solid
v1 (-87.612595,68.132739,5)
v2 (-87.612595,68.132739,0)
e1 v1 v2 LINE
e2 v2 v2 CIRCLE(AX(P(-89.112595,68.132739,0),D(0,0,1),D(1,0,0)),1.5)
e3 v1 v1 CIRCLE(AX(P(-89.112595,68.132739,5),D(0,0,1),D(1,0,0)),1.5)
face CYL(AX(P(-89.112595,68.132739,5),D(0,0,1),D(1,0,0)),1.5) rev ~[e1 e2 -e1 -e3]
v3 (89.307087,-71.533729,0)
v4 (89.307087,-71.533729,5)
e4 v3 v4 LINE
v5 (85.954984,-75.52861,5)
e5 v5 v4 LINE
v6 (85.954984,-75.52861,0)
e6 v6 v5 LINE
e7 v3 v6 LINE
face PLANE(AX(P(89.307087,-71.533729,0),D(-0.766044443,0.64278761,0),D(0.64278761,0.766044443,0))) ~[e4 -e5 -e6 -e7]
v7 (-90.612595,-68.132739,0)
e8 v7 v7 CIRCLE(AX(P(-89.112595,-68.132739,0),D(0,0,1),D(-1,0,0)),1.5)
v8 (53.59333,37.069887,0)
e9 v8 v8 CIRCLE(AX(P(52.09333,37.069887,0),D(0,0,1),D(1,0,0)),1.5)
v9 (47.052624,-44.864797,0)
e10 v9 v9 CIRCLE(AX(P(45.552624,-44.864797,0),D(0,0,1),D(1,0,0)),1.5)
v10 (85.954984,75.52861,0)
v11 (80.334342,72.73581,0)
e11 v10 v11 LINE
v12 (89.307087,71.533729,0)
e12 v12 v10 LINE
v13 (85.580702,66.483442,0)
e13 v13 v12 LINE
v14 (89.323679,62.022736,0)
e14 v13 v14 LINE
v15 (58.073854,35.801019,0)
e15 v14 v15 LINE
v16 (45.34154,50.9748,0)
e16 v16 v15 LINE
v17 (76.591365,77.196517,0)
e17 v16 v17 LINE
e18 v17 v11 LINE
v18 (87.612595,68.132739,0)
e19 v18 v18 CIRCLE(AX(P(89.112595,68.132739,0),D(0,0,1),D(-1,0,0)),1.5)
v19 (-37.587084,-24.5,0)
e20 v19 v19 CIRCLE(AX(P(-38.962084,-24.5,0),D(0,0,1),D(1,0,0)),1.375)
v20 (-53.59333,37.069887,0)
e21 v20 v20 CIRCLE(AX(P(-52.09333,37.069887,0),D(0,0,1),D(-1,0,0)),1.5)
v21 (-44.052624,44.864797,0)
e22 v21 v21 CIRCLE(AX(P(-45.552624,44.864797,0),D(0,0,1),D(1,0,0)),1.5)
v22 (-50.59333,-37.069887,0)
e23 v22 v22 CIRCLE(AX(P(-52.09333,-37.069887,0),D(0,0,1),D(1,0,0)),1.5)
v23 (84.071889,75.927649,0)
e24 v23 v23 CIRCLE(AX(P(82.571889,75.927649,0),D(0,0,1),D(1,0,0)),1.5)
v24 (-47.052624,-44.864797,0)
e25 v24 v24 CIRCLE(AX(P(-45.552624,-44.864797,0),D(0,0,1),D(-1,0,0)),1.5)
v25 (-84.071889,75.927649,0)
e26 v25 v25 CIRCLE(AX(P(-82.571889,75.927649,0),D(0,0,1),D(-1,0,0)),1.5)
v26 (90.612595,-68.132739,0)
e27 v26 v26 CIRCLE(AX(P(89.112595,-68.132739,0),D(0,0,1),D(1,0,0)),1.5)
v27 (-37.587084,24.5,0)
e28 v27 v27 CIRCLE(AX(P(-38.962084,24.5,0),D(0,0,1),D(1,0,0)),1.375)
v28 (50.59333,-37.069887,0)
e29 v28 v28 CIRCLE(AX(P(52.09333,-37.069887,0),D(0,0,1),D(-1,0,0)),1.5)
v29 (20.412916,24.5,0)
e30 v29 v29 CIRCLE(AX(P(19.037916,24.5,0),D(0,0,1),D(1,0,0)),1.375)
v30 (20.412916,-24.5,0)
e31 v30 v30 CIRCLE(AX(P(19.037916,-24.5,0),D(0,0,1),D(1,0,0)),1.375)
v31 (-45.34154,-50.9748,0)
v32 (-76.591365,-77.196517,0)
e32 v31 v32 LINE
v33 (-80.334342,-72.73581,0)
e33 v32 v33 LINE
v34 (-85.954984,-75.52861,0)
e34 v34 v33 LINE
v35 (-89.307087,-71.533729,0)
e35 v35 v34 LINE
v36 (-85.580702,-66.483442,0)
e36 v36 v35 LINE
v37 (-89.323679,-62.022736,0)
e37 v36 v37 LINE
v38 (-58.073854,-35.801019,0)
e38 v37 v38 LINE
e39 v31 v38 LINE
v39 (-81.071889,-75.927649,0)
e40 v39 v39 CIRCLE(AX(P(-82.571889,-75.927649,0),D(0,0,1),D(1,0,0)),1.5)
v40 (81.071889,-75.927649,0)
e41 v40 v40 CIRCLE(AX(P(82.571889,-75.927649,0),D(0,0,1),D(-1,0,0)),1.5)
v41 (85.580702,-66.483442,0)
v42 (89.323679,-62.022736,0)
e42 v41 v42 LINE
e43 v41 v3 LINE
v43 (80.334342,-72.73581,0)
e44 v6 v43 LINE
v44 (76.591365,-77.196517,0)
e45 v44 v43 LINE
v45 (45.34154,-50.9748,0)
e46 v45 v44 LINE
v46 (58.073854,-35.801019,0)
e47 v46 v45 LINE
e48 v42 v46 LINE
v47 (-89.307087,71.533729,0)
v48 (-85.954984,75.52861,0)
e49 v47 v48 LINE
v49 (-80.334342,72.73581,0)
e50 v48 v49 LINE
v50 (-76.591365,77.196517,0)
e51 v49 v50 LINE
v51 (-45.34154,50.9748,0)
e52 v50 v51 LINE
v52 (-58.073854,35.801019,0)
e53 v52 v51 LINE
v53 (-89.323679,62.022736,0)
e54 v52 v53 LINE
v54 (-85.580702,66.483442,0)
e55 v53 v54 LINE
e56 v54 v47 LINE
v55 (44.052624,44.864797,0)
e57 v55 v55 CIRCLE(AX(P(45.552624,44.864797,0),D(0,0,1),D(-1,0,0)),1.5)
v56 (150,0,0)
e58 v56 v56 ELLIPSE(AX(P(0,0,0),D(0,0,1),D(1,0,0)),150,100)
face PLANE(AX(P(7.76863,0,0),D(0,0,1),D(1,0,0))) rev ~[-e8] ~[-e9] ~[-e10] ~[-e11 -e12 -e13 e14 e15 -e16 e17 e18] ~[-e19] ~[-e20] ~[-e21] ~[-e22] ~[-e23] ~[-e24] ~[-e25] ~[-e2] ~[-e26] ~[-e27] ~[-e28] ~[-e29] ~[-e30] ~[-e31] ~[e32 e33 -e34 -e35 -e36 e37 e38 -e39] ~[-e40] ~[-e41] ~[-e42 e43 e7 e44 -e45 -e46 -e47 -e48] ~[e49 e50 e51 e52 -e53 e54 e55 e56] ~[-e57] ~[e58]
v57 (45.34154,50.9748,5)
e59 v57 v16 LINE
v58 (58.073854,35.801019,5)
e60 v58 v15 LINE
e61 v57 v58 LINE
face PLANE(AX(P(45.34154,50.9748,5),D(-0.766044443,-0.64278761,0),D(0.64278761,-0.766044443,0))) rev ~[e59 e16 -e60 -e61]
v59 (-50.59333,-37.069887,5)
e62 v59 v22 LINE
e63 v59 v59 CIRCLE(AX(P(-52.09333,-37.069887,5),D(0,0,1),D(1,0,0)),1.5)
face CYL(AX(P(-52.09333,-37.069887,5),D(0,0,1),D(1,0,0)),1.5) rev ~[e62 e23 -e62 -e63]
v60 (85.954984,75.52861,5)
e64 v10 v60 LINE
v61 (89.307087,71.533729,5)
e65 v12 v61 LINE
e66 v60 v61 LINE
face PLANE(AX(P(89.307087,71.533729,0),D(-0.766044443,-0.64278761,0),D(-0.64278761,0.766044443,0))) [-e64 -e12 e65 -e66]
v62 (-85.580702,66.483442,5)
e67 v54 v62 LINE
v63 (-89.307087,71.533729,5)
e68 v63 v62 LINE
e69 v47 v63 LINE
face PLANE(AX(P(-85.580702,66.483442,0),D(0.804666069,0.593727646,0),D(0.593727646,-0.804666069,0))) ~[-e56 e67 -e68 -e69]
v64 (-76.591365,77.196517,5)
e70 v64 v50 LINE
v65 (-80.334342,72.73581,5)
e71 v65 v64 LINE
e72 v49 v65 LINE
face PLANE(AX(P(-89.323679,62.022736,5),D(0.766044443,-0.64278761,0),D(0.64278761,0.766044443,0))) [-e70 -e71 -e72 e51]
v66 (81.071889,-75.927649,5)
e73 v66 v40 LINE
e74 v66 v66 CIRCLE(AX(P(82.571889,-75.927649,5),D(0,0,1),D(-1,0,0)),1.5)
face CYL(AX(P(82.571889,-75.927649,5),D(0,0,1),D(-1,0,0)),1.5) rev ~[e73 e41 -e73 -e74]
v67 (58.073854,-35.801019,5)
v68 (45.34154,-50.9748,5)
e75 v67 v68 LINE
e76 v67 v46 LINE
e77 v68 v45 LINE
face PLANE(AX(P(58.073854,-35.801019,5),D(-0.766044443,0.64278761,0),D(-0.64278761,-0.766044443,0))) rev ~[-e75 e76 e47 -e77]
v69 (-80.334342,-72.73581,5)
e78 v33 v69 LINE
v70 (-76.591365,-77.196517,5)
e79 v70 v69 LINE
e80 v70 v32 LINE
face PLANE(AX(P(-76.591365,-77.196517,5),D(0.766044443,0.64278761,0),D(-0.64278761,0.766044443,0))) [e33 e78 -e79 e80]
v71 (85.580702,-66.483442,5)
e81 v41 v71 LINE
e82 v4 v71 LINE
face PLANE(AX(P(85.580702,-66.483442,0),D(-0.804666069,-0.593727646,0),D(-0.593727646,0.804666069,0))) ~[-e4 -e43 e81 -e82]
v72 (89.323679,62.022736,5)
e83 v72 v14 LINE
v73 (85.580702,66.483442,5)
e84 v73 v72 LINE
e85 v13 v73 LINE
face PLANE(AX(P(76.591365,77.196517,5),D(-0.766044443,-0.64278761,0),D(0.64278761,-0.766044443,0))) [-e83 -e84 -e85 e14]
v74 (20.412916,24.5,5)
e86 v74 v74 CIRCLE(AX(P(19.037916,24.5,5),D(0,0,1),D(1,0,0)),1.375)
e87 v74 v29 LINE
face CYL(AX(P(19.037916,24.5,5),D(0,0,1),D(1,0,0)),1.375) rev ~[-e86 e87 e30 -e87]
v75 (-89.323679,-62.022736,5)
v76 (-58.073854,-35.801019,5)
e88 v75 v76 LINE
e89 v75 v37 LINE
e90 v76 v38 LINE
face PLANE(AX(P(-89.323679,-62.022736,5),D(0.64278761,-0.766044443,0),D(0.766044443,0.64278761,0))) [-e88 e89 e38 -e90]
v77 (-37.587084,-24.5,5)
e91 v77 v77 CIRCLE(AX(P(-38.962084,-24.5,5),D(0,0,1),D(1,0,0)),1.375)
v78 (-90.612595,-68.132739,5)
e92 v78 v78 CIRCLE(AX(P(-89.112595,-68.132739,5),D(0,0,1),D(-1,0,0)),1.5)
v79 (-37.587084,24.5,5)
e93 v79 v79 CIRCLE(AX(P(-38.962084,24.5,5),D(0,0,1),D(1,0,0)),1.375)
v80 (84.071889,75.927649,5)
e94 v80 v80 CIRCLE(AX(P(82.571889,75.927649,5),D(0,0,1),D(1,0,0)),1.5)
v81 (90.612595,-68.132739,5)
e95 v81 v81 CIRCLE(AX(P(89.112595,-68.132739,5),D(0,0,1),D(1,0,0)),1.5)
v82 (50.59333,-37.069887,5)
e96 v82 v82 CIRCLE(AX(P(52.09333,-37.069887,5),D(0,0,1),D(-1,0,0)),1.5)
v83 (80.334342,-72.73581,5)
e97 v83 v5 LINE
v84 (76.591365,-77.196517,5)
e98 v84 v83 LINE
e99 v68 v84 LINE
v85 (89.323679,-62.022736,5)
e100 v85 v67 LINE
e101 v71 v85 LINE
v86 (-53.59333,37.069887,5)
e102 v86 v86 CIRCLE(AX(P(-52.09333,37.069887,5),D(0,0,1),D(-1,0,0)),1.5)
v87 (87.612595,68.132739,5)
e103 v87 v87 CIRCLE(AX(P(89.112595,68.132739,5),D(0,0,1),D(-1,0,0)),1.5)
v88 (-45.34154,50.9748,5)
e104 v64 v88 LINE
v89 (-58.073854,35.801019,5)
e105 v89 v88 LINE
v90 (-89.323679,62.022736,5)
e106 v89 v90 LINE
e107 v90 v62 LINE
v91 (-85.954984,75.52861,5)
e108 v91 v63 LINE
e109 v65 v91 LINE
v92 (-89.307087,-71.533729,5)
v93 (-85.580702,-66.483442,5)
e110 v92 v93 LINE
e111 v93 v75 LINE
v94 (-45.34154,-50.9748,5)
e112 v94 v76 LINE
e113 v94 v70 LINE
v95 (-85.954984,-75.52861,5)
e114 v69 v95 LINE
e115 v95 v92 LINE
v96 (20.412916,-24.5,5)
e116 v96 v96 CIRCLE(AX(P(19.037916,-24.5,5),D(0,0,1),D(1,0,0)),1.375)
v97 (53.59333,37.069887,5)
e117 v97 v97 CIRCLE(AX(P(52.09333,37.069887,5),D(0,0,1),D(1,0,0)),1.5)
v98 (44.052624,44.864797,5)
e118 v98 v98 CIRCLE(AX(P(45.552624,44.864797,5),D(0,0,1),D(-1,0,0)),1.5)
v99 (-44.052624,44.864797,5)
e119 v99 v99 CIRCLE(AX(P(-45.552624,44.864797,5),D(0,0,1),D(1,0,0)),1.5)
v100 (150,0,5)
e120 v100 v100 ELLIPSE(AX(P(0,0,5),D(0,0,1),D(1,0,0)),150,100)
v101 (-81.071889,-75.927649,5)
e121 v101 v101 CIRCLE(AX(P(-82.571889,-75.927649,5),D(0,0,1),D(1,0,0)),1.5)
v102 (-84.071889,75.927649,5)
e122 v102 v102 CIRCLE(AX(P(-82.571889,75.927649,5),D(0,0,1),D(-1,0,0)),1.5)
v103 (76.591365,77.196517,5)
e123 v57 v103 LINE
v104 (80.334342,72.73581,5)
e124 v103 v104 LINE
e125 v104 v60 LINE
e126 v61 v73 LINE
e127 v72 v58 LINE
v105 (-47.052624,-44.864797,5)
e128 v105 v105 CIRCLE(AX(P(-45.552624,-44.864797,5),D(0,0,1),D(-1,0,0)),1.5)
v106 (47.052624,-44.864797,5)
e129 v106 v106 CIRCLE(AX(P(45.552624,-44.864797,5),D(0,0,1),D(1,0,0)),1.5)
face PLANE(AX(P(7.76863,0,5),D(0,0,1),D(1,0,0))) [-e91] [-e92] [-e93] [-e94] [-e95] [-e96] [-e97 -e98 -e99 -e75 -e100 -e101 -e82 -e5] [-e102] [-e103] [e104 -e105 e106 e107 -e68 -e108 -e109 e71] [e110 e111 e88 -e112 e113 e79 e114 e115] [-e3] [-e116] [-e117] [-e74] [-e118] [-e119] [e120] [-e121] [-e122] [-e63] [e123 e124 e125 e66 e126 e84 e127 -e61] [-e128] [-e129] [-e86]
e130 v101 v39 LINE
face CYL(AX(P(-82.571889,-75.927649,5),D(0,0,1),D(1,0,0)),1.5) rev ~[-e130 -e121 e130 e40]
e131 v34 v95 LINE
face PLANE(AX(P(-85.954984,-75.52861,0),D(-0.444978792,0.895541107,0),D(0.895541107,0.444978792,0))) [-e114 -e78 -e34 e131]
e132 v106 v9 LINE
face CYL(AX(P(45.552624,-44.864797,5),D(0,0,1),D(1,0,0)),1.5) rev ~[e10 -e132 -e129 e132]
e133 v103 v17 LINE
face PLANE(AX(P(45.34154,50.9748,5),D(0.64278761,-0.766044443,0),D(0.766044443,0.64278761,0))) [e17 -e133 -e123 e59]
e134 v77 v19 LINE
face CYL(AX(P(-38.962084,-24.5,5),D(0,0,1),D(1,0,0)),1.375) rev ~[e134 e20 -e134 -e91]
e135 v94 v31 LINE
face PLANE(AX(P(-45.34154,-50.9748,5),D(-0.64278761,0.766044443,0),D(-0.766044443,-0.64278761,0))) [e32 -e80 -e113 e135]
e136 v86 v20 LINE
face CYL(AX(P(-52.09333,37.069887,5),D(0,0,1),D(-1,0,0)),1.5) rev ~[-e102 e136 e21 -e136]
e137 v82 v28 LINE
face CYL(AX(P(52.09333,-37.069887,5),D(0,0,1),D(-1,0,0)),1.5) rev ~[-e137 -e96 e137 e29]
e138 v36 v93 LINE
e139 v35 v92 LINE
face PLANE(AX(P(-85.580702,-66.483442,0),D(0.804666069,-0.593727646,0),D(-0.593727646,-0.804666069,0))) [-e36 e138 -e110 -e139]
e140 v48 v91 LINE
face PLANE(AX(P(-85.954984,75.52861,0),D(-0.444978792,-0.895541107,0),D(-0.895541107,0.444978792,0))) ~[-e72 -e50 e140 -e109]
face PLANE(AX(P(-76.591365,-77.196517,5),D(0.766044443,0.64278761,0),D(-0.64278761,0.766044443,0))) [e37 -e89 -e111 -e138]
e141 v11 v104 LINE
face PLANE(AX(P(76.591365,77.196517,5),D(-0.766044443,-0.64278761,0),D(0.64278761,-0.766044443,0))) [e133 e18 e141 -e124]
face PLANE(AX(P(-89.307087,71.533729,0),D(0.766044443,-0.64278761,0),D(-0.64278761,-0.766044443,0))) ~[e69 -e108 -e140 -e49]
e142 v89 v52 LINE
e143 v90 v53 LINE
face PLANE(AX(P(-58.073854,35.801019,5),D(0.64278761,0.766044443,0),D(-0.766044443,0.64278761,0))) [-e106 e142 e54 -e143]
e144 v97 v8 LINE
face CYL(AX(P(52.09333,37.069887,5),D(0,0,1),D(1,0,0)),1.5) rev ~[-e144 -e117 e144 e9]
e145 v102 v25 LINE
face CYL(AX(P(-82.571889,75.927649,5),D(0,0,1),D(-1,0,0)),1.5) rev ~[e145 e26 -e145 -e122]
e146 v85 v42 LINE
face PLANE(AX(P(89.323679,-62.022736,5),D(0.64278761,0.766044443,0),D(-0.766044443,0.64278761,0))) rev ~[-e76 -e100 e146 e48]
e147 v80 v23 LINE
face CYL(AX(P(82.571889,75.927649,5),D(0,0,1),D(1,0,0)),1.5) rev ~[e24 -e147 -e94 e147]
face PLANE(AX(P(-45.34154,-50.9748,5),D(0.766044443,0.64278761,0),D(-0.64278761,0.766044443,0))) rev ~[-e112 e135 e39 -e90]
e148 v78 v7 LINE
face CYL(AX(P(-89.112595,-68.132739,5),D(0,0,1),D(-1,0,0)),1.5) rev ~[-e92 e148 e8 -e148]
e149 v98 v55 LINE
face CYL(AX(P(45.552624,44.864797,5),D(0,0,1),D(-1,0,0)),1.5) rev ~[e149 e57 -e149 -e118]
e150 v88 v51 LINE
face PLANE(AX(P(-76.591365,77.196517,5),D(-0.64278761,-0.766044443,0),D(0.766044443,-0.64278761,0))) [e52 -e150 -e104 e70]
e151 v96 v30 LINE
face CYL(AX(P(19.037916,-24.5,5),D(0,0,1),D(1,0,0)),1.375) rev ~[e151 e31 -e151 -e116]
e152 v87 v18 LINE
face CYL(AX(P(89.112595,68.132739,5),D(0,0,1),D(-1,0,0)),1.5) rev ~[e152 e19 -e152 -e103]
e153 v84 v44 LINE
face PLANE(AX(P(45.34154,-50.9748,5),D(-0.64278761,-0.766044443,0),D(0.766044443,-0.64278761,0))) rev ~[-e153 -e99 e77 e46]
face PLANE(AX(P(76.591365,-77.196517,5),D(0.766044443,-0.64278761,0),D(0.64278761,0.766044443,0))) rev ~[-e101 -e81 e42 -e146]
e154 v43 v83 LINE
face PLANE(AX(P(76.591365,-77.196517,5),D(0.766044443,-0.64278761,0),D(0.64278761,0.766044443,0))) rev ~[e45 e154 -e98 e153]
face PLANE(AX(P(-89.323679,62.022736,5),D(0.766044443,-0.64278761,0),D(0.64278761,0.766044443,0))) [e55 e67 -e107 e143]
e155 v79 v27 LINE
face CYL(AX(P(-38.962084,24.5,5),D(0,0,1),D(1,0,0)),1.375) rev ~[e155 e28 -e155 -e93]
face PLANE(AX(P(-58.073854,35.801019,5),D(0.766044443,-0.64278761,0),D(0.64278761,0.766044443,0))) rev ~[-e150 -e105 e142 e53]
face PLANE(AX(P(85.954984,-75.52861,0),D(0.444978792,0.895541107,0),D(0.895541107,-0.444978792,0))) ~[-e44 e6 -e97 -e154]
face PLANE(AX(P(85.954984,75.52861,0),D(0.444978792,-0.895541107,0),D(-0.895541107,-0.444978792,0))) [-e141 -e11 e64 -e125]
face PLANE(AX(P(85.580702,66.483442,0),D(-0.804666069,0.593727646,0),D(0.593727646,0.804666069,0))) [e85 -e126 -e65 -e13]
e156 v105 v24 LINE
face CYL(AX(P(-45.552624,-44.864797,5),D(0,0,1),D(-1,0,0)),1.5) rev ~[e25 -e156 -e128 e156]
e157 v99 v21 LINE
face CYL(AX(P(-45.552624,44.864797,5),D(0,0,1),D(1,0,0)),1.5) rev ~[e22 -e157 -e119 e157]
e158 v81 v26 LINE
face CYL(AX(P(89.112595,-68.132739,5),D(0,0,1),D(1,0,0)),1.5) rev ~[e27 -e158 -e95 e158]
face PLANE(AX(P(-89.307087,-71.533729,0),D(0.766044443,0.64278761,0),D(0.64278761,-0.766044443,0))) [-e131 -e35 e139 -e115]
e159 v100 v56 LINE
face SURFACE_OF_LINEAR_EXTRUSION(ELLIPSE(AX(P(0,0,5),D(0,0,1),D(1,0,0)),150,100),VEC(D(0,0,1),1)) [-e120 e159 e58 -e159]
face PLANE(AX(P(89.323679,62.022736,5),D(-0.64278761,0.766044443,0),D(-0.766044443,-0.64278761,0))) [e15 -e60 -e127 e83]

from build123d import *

# Parameters (mm, degrees)
SKETCH1_RX           = 150
SKETCH1_RY           = 100
BOSS_EXTRUDE1_DEPTH  = 5
CUT_EXTRUDE2_DEPTH   = 181.346887969
SKETCH19_R           = 1.5
CUT_EXTRUDE3_DEPTH   = 181.346887969
CUT_EXTRUDE4_DEPTH   = 181.346887969
MIRROR2_COPY_1_DEPTH = 181.346887969
SKETCH22_R           = 1.375
CUT_EXTRUDE5_DEPTH   = 181.346887969


with BuildPart() as part:
    # Sketch1 → Boss-Extrude1 (new body)
    with BuildSketch(Plane.XY.offset(5)):
        with Locations(Location((0, 0), (0, 0, 0))):
            Ellipse(SKETCH1_RX, SKETCH1_RY)
    extrude(amount=-BOSS_EXTRUDE1_DEPTH)

    # Sketch18 → Cut-Extrude2 (cut, through all)
    with BuildSketch(Plane.XY.offset(5)):
        Polygon((-89.323679082, -62.022736108), (-58.07385358, -35.801019055), (-51.707696778, -43.387909295), (-45.341539976, -50.974799535), (-76.591365477, -77.196516588), align=None)
        Polygon((-89.323679082, 62.022736108), (-76.591365477, 77.196516588), (-45.341539976, 50.974799535), (-51.707696778, 43.387909295), (-58.07385358, 35.801019055), align=None)
        Polygon((51.707696778, -43.387909295), (45.341539976, -50.974799535), (76.591365477, -77.196516588), (89.323679082, -62.022736108), (58.07385358, -35.801019055), align=None)
        Polygon((58.07385358, 35.801019055), (51.707696778, 43.387909295), (45.341539976, 50.974799535), (76.591365477, 77.196516588), (89.323679082, 62.022736108), align=None)
    extrude(amount=-CUT_EXTRUDE2_DEPTH, mode=Mode.SUBTRACT)

    # Sketch19 → Cut-Extrude3 (cut, through all)
    with BuildSketch(Plane.XY.offset(5)):
        with Locations((-52.093329986, -37.069886693)):
            Circle(SKETCH19_R)
        with Locations(Location((-45.552623639, -44.86479698, 0), (0, 0, 180))):
            Circle(SKETCH19_R)
        with Locations((-82.571889071, -75.927648951)):
            Circle(SKETCH19_R)
        with Locations(Location((-89.112595418, -68.132738663, 0), (0, 0, 180))):
            Circle(SKETCH19_R)
        with Locations((-89.112595418, 68.132738663)):
            Circle(SKETCH19_R)
        with Locations(Location((-82.571889071, 75.927648951, 0), (0, 0, 180))):
            Circle(SKETCH19_R)
        with Locations((-45.552623639, 44.86479698)):
            Circle(SKETCH19_R)
        with Locations(Location((-52.093329986, 37.069886693, 0), (0, 0, 180))):
            Circle(SKETCH19_R)
        with Locations((52.093329986, 37.069886693)):
            Circle(SKETCH19_R)
        with Locations(Location((45.552623639, 44.86479698, 0), (0, 0, 180))):
            Circle(SKETCH19_R)
        with Locations((82.571889071, 75.927648951)):
            Circle(SKETCH19_R)
        with Locations(Location((89.112595418, 68.132738663, 0), (0, 0, 180))):
            Circle(SKETCH19_R)
        with Locations((89.112595418, -68.132738663)):
            Circle(SKETCH19_R)
        with Locations(Location((82.571889071, -75.927648951, 0), (0, 0, 180))):
            Circle(SKETCH19_R)
        with Locations((45.552623639, -44.86479698)):
            Circle(SKETCH19_R)
        with Locations(Location((52.093329986, -37.069886693, 0), (0, 0, 180))):
            Circle(SKETCH19_R)
    extrude(amount=-CUT_EXTRUDE3_DEPTH, mode=Mode.SUBTRACT)

    # Sketch21 → Cut-Extrude4 (cut, through all)
    with BuildSketch(Plane(origin=(0, 0, 0), x_dir=(-1, 0, 0), z_dir=(0, 0, -1))):
        Polygon((85.580702241, -66.483442205), (89.307086593, -71.533729271), (85.954984028, -75.528609546), (80.334342318, -72.735810491), align=None)
    cut_extrude4 = extrude(amount=-CUT_EXTRUDE4_DEPTH, mode=Mode.SUBTRACT)

    # Mirror1: Cut-Extrude4 across plane
    add(cut_extrude4.mirror(Plane.ZX), mode=Mode.SUBTRACT)

    # Mirror2: Cut-Extrude4 across plane
    add(cut_extrude4.mirror(Plane(origin=(0, 0, 0), x_dir=(0, 0, 1), z_dir=(1, 0, 0))), mode=Mode.SUBTRACT)

    # Mirror2 copy 1 sketch → Mirror2 copy 1 (cut, through all)
    with BuildSketch(Plane(origin=(0, 0, 0), x_dir=(1, 0, 0), z_dir=(0, 0, -1))):
        Polygon((85.580702241, -66.483442205), (89.307086593, -71.533729271), (85.954984028, -75.528609546), (80.334342318, -72.735810491), align=None)
    extrude(amount=-MIRROR2_COPY_1_DEPTH, mode=Mode.SUBTRACT)

    # Sketch22 → Cut-Extrude5 (cut, through all)
    with BuildSketch(Plane.XY.offset(5)):
        with Locations((-38.962083673, -24.5)):
            Circle(SKETCH22_R)
        with Locations((19.037916327, -24.5)):
            Circle(SKETCH22_R)
        with Locations((19.037916327, 24.5)):
            Circle(SKETCH22_R)
        with Locations((-38.962083673, 24.5)):
            Circle(SKETCH22_R)
    extrude(amount=-CUT_EXTRUDE5_DEPTH, mode=Mode.SUBTRACT)


solid = part.part
